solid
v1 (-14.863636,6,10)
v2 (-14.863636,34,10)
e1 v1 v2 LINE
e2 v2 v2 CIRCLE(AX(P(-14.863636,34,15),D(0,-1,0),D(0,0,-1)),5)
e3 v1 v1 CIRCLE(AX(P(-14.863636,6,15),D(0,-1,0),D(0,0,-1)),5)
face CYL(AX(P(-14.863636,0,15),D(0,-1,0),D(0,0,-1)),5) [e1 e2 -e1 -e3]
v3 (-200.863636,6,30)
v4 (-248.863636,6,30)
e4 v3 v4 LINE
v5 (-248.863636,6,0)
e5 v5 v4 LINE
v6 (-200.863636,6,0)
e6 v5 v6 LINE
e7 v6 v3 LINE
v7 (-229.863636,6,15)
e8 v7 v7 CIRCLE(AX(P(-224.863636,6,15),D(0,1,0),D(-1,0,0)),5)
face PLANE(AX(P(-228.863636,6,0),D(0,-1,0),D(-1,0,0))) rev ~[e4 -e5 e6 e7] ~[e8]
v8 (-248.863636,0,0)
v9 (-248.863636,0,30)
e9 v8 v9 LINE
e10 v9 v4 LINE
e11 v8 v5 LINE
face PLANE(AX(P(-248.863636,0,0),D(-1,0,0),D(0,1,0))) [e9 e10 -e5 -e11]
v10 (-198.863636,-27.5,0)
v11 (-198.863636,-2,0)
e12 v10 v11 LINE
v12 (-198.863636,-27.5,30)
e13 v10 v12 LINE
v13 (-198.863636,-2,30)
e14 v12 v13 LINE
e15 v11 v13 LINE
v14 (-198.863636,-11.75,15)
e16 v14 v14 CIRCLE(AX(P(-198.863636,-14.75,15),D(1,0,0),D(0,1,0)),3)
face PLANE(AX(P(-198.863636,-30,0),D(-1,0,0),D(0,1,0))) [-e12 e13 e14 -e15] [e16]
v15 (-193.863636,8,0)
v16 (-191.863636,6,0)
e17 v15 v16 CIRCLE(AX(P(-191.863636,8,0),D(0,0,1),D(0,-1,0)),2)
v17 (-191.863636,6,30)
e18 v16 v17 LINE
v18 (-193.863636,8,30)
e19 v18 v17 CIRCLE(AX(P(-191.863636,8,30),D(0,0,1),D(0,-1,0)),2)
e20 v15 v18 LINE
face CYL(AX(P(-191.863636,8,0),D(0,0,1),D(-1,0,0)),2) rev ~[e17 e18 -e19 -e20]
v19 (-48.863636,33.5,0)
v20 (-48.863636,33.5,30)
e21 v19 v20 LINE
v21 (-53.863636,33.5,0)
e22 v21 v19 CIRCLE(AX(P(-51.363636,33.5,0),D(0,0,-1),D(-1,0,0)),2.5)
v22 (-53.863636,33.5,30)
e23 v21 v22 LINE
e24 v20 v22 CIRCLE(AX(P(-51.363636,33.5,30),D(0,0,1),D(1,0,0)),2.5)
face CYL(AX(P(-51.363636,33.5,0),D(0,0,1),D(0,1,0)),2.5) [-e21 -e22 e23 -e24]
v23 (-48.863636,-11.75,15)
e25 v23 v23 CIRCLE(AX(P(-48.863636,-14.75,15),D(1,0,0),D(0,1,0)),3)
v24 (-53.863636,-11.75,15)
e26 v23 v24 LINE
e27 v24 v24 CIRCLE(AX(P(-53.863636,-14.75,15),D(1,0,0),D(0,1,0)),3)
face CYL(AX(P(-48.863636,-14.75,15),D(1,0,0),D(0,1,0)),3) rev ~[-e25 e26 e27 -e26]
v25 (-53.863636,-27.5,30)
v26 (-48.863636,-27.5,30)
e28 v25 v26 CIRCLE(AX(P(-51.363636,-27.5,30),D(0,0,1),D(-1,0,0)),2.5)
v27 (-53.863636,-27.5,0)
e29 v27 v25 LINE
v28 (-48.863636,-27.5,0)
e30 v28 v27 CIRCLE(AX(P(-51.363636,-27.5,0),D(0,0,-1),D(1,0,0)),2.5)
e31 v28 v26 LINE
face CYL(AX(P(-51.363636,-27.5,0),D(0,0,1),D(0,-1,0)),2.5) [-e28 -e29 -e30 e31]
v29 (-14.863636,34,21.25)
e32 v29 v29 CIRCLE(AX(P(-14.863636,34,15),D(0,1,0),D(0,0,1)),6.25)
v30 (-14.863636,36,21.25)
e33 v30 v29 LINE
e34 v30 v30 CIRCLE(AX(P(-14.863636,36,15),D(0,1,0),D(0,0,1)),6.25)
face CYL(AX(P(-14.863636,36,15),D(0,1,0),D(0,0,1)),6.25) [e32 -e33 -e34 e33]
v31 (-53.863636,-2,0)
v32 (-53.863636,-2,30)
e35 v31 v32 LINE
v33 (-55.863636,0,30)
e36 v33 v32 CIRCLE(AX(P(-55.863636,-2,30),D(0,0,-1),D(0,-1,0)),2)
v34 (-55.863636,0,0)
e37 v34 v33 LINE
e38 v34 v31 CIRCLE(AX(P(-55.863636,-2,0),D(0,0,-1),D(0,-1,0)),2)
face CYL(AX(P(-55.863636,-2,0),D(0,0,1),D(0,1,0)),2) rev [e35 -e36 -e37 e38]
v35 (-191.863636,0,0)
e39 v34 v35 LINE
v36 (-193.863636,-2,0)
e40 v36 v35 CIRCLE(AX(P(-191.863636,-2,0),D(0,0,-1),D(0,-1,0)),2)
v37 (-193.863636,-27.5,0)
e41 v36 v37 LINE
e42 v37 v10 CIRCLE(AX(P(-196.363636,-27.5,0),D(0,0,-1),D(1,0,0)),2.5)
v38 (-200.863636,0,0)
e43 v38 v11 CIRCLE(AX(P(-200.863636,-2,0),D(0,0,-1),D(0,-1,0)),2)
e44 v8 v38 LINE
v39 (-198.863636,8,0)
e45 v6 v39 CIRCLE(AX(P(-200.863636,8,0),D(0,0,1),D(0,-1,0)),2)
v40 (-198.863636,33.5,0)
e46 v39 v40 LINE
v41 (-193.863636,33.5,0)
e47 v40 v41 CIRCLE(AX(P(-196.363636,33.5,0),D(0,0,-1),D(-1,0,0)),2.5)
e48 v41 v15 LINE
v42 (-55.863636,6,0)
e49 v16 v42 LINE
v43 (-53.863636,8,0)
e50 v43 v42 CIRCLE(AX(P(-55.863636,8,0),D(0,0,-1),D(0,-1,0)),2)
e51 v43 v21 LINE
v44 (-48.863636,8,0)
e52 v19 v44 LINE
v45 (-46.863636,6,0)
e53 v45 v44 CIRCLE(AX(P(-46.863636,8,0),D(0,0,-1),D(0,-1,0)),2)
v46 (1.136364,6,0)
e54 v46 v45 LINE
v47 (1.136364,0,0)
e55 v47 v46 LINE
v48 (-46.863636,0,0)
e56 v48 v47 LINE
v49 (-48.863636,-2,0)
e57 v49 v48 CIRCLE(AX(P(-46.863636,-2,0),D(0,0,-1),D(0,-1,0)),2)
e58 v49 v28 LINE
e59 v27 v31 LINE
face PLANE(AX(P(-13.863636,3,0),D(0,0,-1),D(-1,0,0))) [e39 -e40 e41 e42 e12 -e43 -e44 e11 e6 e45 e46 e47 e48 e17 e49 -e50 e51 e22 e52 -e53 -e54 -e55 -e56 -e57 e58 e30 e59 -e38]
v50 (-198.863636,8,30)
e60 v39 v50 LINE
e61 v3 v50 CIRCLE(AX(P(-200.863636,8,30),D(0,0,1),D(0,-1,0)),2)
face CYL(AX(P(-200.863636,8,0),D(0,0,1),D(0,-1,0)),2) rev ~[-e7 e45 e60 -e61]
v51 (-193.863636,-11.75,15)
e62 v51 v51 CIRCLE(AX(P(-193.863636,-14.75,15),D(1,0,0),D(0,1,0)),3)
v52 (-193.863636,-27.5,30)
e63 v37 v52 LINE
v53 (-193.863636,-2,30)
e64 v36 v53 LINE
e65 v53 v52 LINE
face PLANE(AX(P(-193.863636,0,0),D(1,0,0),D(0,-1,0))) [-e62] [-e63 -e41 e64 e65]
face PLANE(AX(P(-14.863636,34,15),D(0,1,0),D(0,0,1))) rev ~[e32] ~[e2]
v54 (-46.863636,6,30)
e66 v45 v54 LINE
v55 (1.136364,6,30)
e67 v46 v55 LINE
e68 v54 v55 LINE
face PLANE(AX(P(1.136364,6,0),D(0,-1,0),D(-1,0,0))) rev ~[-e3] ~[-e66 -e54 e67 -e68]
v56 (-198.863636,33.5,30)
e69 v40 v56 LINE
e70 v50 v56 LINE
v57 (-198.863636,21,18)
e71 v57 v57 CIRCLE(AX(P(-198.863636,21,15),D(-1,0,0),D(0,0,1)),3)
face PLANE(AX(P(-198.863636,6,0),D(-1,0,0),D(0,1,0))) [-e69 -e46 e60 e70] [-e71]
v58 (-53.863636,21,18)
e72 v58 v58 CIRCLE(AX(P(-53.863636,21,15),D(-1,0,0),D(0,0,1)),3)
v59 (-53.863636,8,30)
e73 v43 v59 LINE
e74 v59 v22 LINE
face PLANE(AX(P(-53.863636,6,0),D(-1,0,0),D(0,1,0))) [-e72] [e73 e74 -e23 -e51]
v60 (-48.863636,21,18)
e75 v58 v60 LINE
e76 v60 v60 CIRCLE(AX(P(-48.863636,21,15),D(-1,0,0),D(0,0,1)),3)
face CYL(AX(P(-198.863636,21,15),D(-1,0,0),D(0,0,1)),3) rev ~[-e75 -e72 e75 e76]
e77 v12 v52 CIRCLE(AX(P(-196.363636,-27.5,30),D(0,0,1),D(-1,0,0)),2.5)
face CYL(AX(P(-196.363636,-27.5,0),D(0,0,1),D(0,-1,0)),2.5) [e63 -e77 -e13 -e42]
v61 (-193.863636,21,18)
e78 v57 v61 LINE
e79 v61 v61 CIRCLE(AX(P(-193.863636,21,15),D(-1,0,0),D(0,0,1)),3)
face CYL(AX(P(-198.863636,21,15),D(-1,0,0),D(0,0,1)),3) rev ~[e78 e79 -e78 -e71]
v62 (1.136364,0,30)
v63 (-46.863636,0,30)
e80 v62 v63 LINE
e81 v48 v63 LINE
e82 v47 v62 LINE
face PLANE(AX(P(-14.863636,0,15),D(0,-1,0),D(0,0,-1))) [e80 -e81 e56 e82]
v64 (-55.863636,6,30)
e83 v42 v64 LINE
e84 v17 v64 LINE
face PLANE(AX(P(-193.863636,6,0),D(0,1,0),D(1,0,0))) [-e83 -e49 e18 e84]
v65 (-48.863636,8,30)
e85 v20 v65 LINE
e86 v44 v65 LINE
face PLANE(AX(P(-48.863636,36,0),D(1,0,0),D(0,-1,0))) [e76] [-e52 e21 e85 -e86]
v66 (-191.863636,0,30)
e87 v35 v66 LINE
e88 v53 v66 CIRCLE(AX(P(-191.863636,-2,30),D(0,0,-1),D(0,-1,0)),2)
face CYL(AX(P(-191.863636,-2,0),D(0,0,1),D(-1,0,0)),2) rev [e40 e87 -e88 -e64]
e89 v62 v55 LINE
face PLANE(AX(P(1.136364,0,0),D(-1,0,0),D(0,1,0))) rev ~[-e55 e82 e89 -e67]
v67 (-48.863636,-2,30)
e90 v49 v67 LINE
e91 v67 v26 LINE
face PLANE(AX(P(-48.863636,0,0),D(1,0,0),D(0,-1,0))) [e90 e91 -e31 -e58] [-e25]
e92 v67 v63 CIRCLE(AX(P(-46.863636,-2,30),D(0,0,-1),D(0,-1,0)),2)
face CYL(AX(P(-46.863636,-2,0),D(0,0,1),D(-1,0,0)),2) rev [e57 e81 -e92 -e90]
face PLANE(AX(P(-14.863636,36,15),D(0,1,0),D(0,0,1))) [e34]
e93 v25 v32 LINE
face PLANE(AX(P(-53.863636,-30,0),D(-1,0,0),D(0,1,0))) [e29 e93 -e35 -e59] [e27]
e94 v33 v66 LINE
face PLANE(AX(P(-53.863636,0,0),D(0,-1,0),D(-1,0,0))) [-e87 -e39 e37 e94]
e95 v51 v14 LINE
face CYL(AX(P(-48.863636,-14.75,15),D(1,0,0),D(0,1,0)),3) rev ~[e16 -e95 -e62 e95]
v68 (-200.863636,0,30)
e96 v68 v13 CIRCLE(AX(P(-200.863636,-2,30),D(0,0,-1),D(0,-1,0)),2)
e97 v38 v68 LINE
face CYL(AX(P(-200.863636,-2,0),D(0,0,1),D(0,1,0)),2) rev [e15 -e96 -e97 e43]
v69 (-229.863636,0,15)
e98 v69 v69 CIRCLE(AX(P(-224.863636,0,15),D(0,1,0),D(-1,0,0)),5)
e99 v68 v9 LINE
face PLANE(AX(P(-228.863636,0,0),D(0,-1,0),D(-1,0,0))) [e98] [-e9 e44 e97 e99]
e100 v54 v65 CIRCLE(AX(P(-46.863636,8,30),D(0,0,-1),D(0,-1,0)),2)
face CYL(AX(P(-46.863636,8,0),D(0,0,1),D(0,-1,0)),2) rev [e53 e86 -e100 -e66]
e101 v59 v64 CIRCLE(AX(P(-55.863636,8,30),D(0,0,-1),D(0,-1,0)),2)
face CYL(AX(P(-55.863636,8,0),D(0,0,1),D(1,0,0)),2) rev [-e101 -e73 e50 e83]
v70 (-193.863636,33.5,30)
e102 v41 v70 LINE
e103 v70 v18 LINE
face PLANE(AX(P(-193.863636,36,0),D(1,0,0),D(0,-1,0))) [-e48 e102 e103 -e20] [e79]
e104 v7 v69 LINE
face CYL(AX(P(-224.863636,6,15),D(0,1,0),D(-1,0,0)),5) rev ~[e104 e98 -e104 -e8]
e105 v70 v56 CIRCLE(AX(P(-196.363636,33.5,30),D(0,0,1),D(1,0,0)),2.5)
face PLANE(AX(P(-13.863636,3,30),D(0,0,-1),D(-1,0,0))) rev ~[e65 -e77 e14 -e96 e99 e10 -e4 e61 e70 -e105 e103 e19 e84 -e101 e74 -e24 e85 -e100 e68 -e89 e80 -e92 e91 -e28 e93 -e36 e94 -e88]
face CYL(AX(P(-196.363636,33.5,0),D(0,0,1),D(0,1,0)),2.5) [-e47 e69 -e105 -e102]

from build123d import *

# Parameters (mm, degrees)
BOSS_EXTRUDE1_DEPTH  = 30
FILLET1_R            = 2
FILLET2_RADIUS       = 2.5
FILLET2_LENGTH       = 30
FILLET3_RADIUS       = 2.5
FILLET3_LENGTH       = 30
FILLET4_R            = 2
SKETCH2_R            = 3
CUT_EXTRUDE4_DEPTH   = 163
SKETCH9_W            = 10
SKETCH9_H            = 6
BOSS_EXTRUDE8_DEPTH  = 30
SKETCH14_W           = 20
SKETCH14_H           = 6
BOSS_EXTRUDE12_DEPTH = 30
FILLET10_RADIUS      = 2.5
FILLET10_LENGTH      = 30
FILLET11_RADIUS      = 2.5
FILLET11_LENGTH      = 30
FILLET12_R           = 2
SKETCH16_R           = 3
CUT_EXTRUDE6_DEPTH   = 200
SKETCH17_W           = 30
SKETCH17_H           = 6
BOSS_EXTRUDE15_DEPTH = 30
SKETCH20_R           = 5
BOSS_EXTRUDE16_DEPTH = 36
SKETCH21_R           = 6.25
BOSS_EXTRUDE17_DEPTH = 2
SKETCH22_R           = 5
CUT_EXTRUDE7_DEPTH   = 10


with BuildPart() as part:
    # Sketch1 → Boss-Extrude1 (new body)
    with BuildSketch(Plane.XY):
        Polygon((-28.863636364, 0), (-48.863636364, 0), (-48.863636364, -30), (-53.863636364, -30), (-53.863636364, 0), (-193.863636364, 0), (-193.863636364, -30), (-198.863636364, -30), (-198.863636364, 0), (-218.863636364, 0), (-218.863636364, 6), (-198.863636364, 6), (-198.863636364, 36), (-193.863636364, 36), (-193.863636364, 6), (-53.863636364, 6), (-53.863636364, 36), (-48.863636364, 36), (-48.863636364, 6), (-28.863636364, 6), align=None)
    extrude(amount=BOSS_EXTRUDE1_DEPTH)

    # Fillet1
    fillet1_edges = [part.edges().sort_by_distance(p)[0] for p in [
        (-198.863636364, 6, 15),
        (-193.863636364, 6, 15),
    ]]
    fillet(fillet1_edges, radius=FILLET1_R)

    # Fillet2: full round fillet: the end face becomes a half cylinder, R = half its width
    fillet2_face = Plane((-196.363636364, 36, 15), x_dir=(0, 0, 1), z_dir=(0, 1, 0))  # on the end face: x along it, z out of the body
    fillet2_slab = fillet2_face.offset(-FILLET2_RADIUS / 2) * Box(FILLET2_LENGTH, 2 * FILLET2_RADIUS, FILLET2_RADIUS, mode=Mode.PRIVATE)  # the body's end, R deep
    fillet2_round = Plane((-196.363636364, 33.5, 15), x_dir=(0, 1, 0), z_dir=(0, 0, 1)) * Cylinder(FILLET2_RADIUS, FILLET2_LENGTH, mode=Mode.PRIVATE)  # its axis R under the face
    add(fillet2_slab - fillet2_round, mode=Mode.SUBTRACT)

    # Fillet3: full round fillet: the end face becomes a half cylinder, R = half its width
    fillet3_face = Plane((-51.363636364, 36, 15), x_dir=(0, 0, 1), z_dir=(0, 1, 0))  # on the end face: x along it, z out of the body
    fillet3_slab = fillet3_face.offset(-FILLET3_RADIUS / 2) * Box(FILLET3_LENGTH, 2 * FILLET3_RADIUS, FILLET3_RADIUS, mode=Mode.PRIVATE)  # the body's end, R deep
    fillet3_round = Plane((-51.363636364, 33.5, 15), x_dir=(0, 1, 0), z_dir=(0, 0, 1)) * Cylinder(FILLET3_RADIUS, FILLET3_LENGTH, mode=Mode.PRIVATE)  # its axis R under the face
    add(fillet3_slab - fillet3_round, mode=Mode.SUBTRACT)

    # Fillet4
    fillet4_edges = [part.edges().sort_by_distance(p)[0] for p in [
        (-53.863636364, 6, 15),
        (-48.863636364, 6, 15),
    ]]
    fillet(fillet4_edges, radius=FILLET4_R)

    # Sketch2 → Cut-Extrude4 (cut)
    with BuildSketch(Plane.ZY.offset(198.863636364)):
        with Locations((15, 21)):
            Circle(SKETCH2_R)
    extrude(amount=-CUT_EXTRUDE4_DEPTH, mode=Mode.SUBTRACT)

    # Sketch9 → Boss-Extrude8 (add)
    with BuildSketch(Plane(origin=(0, 0, 0), x_dir=(-1, 0, 0), z_dir=(0, 0, -1))):
        with Locations((223.863636364, 3)):
            Rectangle(SKETCH9_W, SKETCH9_H)
    extrude(amount=-BOSS_EXTRUDE8_DEPTH)

    # Sketch14 → Boss-Extrude12 (add)
    with BuildSketch(Plane(origin=(0, 0, 0), x_dir=(-1, 0, 0), z_dir=(0, 0, -1))):
        with Locations((238.863636364, 3)):
            Rectangle(SKETCH14_W, SKETCH14_H)
    extrude(amount=-BOSS_EXTRUDE12_DEPTH)

    # Fillet10: full round fillet: the end face becomes a half cylinder, R = half its width
    fillet10_face = Plane((-51.363636364, -30, 15), x_dir=(0, 0, 1), z_dir=(0, -1, 0))  # on the end face: x along it, z out of the body
    fillet10_slab = fillet10_face.offset(-FILLET10_RADIUS / 2) * Box(FILLET10_LENGTH, 2 * FILLET10_RADIUS, FILLET10_RADIUS, mode=Mode.PRIVATE)  # the body's end, R deep
    fillet10_round = Plane((-51.363636364, -27.5, 15), x_dir=(0, -1, 0), z_dir=(0, 0, 1)) * Cylinder(FILLET10_RADIUS, FILLET10_LENGTH, mode=Mode.PRIVATE)  # its axis R under the face
    add(fillet10_slab - fillet10_round, mode=Mode.SUBTRACT)

    # Fillet11: full round fillet: the end face becomes a half cylinder, R = half its width
    fillet11_face = Plane((-196.363636364, -30, 15), x_dir=(0, 0, 1), z_dir=(0, -1, 0))  # on the end face: x along it, z out of the body
    fillet11_slab = fillet11_face.offset(-FILLET11_RADIUS / 2) * Box(FILLET11_LENGTH, 2 * FILLET11_RADIUS, FILLET11_RADIUS, mode=Mode.PRIVATE)  # the body's end, R deep
    fillet11_round = Plane((-196.363636364, -27.5, 15), x_dir=(0, -1, 0), z_dir=(0, 0, 1)) * Cylinder(FILLET11_RADIUS, FILLET11_LENGTH, mode=Mode.PRIVATE)  # its axis R under the face
    add(fillet11_slab - fillet11_round, mode=Mode.SUBTRACT)

    # Fillet12
    fillet12_edges = [part.edges().sort_by_distance(p)[0] for p in [
        (-48.863636364, 0, 15),
        (-53.863636364, 0, 15),
        (-193.863636364, 0, 15),
        (-198.863636364, 0, 15),
    ]]
    fillet(fillet12_edges, radius=FILLET12_R)

    # Sketch16 → Cut-Extrude6 (cut)
    with BuildSketch(Plane(origin=(-48.863636364, 0, 0), x_dir=(0, 0, -1), z_dir=(1, 0, 0))):
        with Locations(Location((-15, -14.75, 0), (0, 0, 90))):
            Circle(SKETCH16_R)
    extrude(amount=-CUT_EXTRUDE6_DEPTH, mode=Mode.SUBTRACT)

    # Sketch17 → Boss-Extrude15 (add)
    with BuildSketch(Plane(origin=(0, 0, 0), x_dir=(-1, 0, 0), z_dir=(0, 0, -1))):
        with Locations((13.863636364, 3)):
            Rectangle(SKETCH17_W, SKETCH17_H)
    extrude(amount=-BOSS_EXTRUDE15_DEPTH)

    # Sketch20 → Boss-Extrude16 (add)
    with BuildSketch(Plane(origin=(0, 0, 0), x_dir=(-1, 0, 0), z_dir=(0, -1, 0))):
        with Locations(Location((14.863636364, -15, 0), (0, 0, 90))):
            Circle(SKETCH20_R)
    extrude(amount=-BOSS_EXTRUDE16_DEPTH)

    # Sketch21 → Boss-Extrude17 (add)
    with BuildSketch(Plane(origin=(0, 36, 0), x_dir=(-1, 0, 0), z_dir=(0, 1, 0))):
        with Locations(Location((14.863636364, 15, 0), (0, 0, 90))):
            Circle(SKETCH21_R)
    extrude(amount=-BOSS_EXTRUDE17_DEPTH)

    # Sketch22 → Cut-Extrude7 (cut)
    with BuildSketch(Plane(origin=(0, 6, 0), x_dir=(1, 0, 0), z_dir=(0, 1, 0))):
        with Locations(Location((-224.863636364, -15, 0), (0, 0, 180))):
            Circle(SKETCH22_R)
    extrude(amount=-CUT_EXTRUDE7_DEPTH, mode=Mode.SUBTRACT)


solid = part.part
